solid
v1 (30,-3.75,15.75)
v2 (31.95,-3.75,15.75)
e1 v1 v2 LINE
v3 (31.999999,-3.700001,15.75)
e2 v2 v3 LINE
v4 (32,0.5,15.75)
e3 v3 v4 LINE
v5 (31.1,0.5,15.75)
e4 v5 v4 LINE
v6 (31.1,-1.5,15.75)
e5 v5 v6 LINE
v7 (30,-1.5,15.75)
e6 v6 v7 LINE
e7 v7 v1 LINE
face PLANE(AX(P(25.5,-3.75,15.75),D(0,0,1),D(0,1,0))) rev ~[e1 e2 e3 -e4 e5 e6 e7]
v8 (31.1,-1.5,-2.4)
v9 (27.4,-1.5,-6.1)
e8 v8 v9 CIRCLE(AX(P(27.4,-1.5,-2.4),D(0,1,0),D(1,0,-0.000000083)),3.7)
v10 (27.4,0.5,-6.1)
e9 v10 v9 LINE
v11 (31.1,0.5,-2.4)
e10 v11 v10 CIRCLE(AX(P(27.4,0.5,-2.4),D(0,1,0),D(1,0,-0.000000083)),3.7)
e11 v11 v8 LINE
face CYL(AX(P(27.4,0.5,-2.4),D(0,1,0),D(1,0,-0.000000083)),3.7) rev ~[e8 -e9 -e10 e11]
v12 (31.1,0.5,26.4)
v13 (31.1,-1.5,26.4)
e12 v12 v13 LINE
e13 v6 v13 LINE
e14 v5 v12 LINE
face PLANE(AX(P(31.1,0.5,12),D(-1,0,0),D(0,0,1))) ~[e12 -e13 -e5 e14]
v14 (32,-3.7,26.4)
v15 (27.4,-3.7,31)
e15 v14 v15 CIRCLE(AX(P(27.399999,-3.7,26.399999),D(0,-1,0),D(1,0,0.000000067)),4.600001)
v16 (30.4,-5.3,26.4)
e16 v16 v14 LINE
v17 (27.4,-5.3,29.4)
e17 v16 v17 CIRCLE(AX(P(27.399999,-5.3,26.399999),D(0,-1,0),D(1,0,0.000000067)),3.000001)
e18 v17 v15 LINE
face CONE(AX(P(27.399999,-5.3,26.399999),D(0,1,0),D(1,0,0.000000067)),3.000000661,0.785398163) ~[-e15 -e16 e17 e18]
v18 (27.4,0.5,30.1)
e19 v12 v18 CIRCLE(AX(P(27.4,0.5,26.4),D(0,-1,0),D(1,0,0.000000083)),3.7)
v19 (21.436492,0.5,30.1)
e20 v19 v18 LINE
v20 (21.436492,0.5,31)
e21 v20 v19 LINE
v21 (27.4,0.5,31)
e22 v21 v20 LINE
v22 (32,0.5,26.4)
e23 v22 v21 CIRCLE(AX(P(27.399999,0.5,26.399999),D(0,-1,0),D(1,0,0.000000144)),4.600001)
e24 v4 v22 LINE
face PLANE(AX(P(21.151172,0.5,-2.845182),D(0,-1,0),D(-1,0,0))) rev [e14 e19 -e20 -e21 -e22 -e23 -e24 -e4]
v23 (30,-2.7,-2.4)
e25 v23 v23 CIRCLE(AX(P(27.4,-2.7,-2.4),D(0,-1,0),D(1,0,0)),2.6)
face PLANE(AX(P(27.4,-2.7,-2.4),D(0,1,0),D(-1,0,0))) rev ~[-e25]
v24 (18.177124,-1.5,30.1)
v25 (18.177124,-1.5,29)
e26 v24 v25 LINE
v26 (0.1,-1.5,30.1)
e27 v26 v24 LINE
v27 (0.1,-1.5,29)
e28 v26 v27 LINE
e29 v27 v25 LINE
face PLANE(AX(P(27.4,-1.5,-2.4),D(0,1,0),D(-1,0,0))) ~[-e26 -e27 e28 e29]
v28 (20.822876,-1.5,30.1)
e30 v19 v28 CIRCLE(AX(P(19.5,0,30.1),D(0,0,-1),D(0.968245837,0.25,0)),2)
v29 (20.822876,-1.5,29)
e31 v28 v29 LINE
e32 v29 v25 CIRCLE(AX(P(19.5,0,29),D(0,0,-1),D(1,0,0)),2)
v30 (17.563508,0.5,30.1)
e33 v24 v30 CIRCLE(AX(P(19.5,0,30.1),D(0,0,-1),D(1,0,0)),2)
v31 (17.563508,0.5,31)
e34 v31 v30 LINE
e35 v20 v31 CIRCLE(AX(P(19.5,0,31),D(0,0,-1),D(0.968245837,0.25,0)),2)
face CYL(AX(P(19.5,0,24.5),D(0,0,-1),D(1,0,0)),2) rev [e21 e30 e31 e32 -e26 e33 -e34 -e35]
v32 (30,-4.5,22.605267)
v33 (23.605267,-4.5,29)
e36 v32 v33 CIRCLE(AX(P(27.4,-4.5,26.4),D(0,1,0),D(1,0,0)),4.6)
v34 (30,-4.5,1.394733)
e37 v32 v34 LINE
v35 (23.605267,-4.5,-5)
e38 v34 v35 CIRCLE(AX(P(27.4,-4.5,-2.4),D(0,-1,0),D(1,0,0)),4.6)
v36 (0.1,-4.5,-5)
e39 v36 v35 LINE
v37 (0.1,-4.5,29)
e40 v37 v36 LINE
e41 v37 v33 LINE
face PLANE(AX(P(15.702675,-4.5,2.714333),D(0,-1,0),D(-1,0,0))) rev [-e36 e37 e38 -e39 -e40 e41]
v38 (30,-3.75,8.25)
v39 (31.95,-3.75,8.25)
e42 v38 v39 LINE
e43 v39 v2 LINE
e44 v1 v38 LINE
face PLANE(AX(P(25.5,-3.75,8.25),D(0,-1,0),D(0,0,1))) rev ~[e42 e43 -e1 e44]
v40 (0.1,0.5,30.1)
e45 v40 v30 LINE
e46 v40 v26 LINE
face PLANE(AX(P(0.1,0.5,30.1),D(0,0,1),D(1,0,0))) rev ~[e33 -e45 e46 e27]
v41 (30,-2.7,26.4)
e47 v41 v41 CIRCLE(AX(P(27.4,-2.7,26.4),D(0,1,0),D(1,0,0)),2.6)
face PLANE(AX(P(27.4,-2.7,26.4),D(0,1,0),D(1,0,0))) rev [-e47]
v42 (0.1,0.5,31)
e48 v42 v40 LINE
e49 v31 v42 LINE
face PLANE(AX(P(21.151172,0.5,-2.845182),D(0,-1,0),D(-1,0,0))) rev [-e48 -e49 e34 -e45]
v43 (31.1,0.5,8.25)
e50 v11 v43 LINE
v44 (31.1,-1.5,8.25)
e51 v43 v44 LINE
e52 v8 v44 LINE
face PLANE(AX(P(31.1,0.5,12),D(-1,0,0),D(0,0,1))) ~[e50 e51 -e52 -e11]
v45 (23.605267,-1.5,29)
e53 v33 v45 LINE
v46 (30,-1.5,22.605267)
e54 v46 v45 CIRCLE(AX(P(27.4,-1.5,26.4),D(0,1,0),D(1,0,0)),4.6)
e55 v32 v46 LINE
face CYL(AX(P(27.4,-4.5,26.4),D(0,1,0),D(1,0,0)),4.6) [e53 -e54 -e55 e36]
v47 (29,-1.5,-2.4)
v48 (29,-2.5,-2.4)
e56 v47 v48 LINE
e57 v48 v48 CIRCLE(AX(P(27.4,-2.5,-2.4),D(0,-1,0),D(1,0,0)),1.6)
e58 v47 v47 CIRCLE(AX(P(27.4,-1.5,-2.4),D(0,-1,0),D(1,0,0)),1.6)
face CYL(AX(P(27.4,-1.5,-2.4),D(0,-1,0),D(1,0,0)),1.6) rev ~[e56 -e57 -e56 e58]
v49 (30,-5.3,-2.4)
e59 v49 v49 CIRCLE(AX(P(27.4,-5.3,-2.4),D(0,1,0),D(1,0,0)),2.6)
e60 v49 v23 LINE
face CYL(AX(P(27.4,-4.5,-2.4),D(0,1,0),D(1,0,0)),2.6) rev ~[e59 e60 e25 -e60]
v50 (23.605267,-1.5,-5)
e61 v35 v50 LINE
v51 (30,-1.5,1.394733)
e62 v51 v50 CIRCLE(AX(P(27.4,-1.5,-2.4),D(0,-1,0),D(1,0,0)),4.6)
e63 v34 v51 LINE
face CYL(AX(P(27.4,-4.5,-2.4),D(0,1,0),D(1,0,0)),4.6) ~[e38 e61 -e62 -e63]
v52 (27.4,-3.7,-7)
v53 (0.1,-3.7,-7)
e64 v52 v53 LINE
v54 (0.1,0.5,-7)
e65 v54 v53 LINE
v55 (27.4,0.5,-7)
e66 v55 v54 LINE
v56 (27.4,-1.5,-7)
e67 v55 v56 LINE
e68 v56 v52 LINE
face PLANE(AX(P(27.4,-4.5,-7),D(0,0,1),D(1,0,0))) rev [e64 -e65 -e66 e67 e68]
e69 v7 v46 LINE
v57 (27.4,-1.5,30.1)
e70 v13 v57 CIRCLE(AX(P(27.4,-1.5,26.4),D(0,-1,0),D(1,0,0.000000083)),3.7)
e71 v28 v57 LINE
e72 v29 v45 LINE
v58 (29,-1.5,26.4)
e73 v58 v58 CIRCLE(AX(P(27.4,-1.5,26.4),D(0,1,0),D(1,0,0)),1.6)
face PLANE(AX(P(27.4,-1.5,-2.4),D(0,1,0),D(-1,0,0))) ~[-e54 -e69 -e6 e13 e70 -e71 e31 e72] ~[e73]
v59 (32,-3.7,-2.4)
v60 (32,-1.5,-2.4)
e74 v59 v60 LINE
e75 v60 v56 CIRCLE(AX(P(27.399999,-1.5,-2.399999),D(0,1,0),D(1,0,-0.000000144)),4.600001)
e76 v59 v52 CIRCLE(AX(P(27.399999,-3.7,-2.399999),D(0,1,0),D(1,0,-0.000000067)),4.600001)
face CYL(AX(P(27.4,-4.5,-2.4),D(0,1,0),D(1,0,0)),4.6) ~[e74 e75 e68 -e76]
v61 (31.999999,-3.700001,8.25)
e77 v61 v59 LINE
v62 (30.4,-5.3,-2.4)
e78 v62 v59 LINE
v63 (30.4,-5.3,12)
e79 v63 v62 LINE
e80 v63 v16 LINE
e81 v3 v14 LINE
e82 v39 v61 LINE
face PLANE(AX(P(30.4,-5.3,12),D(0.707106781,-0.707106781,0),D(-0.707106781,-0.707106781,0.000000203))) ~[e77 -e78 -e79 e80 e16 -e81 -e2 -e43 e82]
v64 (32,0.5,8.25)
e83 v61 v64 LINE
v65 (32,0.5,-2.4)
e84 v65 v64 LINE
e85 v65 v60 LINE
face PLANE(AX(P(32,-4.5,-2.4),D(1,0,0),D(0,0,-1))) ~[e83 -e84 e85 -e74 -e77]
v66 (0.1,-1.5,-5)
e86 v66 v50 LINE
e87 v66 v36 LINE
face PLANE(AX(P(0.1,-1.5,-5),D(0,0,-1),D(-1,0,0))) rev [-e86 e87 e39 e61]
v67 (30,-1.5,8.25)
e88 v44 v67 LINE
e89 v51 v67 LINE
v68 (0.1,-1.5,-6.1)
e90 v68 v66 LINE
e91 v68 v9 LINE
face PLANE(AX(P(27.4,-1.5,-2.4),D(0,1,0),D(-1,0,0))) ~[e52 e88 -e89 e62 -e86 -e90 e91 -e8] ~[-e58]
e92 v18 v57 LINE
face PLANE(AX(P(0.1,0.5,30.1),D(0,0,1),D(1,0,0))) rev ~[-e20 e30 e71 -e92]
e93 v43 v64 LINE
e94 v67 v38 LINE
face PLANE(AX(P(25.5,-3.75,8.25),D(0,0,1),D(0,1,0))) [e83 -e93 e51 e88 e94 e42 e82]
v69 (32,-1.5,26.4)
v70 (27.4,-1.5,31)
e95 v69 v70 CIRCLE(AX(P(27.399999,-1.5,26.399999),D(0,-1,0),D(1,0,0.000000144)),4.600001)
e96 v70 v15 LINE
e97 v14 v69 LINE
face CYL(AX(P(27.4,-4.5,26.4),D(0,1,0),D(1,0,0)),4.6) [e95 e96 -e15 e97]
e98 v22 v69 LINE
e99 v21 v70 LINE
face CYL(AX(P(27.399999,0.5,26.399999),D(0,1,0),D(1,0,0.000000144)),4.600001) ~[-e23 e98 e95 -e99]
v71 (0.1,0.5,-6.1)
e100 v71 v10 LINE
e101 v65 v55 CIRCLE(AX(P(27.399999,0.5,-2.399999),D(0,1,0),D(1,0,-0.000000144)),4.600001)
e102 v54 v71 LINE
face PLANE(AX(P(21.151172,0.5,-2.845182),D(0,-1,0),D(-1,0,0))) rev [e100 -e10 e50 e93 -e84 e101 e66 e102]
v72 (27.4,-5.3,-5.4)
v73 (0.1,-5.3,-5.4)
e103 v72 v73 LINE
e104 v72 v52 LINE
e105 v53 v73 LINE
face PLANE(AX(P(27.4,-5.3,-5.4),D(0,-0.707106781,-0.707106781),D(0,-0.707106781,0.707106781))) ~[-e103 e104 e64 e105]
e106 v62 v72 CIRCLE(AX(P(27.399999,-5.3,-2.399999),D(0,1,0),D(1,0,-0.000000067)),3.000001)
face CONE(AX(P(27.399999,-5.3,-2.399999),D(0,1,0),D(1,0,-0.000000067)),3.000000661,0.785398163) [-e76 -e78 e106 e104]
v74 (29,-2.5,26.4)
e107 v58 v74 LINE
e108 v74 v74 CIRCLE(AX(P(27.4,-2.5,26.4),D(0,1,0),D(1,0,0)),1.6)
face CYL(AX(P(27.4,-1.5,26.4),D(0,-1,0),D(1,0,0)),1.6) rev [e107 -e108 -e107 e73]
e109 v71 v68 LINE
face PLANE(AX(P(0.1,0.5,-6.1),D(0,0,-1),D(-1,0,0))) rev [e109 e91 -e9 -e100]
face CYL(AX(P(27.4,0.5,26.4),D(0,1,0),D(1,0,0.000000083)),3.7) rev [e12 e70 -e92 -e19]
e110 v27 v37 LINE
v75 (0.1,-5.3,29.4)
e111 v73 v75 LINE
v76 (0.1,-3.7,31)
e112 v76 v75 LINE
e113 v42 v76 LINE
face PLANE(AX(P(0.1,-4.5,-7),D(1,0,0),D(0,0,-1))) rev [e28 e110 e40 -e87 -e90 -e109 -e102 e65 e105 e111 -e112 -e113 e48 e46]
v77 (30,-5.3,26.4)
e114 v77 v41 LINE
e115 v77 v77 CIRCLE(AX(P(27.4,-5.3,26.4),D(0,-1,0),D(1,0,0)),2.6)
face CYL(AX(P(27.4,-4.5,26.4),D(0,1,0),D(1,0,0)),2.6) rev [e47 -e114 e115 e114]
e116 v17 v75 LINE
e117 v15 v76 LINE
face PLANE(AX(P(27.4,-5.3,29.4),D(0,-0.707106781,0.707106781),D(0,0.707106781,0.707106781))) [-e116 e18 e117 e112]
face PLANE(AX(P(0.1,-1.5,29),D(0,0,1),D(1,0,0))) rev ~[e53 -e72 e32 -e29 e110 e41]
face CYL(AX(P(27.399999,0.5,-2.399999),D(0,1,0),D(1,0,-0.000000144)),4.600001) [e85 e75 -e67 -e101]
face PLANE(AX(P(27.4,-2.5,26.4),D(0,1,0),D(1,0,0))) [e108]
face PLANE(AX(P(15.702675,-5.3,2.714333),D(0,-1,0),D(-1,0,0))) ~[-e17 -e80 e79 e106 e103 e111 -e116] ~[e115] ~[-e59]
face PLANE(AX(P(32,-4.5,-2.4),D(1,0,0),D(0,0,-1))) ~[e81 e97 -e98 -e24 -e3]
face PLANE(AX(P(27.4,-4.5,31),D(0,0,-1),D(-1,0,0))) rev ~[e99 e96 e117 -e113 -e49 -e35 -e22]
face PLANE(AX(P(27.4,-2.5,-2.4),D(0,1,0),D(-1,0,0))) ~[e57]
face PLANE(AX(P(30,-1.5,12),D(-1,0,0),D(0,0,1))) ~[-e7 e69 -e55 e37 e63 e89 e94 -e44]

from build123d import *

# Parameters (mm, degrees)
CYLINDER003_R     = 2
CYLINDER003_DEPTH = 10
CYLINDER001_R     = 2
CYLINDER001_DEPTH = 10
SKETCH037_W       = 7.5
SKETCH037_H       = 7.5
EXTRUDE045_DEPTH  = 10
SKETCH032_R       = 2.6
EXTRUDE043_DEPTH  = 0.8
EXTRUDE050_DEPTH  = 3
EXTRUDE051_DEPTH  = 0.8
EXTRUDE038_DEPTH  = 2


with BuildPart() as shutter_cable001:
    # Cylinder003 → Cylinder003 (new body)
    with BuildSketch(Plane(origin=(19.5, 0, 24.5), x_dir=(1, 0, 0), z_dir=(0, 0, 1))):
        Circle(CYLINDER003_R)
    extrude(amount=CYLINDER003_DEPTH)


with BuildPart() as battery_cable:
    # Cylinder001 → Cylinder001 (new body)
    with BuildSketch(Plane(origin=(-70.5, 0, 12), x_dir=(0, 0, 1), z_dir=(-1, 0, 0))):
        Circle(CYLINDER001_R)
    extrude(amount=CYLINDER001_DEPTH)


with BuildPart() as common_sub:
    # Sketch037 → Extrude045 (new body)
    with BuildSketch(Plane.YZ.offset(35)):
        with Locations((0, 12)):
            Rectangle(SKETCH037_W, SKETCH037_H)
    extrude(amount=EXTRUDE045_DEPTH)


with BuildPart() as common_sub_1:
    # Extrude045 placement: moved
    add(common_sub.part.moved(Location((-9.5, 0, 0))))

    # Fusion033: union shutter cable001, battery cable
    add(shutter_cable001.part)
    add(battery_cable.part)


with BuildPart() as sweep_body:
    # Sweep: sweep along a path in Sketch034
    with BuildLine(Plane.XZ.offset(10)) as sweep_path:
        Line((32, 12), (32, 26.4))
        ThreePointArc((32, 26.4), (30.652691, 29.652691), (27.4, 31))
        Line((27.4, 31), (-39.9, 31))
    # Sketch033 → Sweep (sweep)
    with BuildSketch(Plane.YZ):
        Polygon((-5.3, 29.4), (-3.7, 31), (-3.7, 32), (-6, 32), (-6, 29.4), align=None)
    sweep(path=sweep_path.line)


with BuildPart() as fusion:
    # Sketch032 → Extrude043 (new body)
    with BuildSketch(Plane.XZ.offset(10)):
        with Locations((27.4, 26.4)):
            Circle(SKETCH032_R)
    extrude(amount=EXTRUDE043_DEPTH)


with BuildPart() as fusion_1:
    # Extrude043 placement: moved
    add(fusion.part.moved(Location((0, 5.5, 0))))

    # Fusion: union Sweep body
    add(sweep_body.part)


with BuildPart() as screw_hole_bottom002:
    # Sketch003 → Revolve (revolve)
    with BuildSketch(Plane.XY):
        Polygon((1.6, 3), (1.6, 2), (0, 2), (0, 1.8), (2.6, 1.8), (2.6, 0), (4.6, 0), (4.6, 3), align=None)
    revolve(axis=Axis((0, 0, 0), (0, 1, 0)))


with BuildPart() as screw_hole_bottom002_1:
    # Body003 placement: moved
    add(screw_hole_bottom002.part.moved(Location((27.4, -4.5, 26.4))))


with BuildPart() as bottom009:
    # Sketch041 → Extrude050 (new body)
    with BuildSketch(Plane.XZ.offset(10)):
        with BuildLine():
            ThreePointArc((32, 26.4), (30.652691, 29.652691), (27.4, 31))
            Line((27.4, 31), (0.1, 31))
            Line((0.1, 31), (0.1, 29))
            Line((0.1, 29), (27.4, 29))
            ThreePointArc((30, 26.4), (29.238478, 28.238478), (27.4, 29))
            Line((30, 12), (30, 26.4))
            Line((32, 12), (30, 12))
            Line((32, 26.4), (32, 12))
        make_face()
    extrude(amount=EXTRUDE050_DEPTH)


with BuildPart() as bottom009_1:
    # Extrude050 placement: moved
    add(bottom009.part.moved(Location((0, 8.5, 0))))


with BuildPart() as bottom010:
    # Sketch042 → Extrude051 (new body)
    with BuildSketch(Plane.XZ.offset(10)):
        with BuildLine():
            ThreePointArc((32, 26.4), (30.652691, 29.652691), (27.4, 31))
            Line((27.4, 31), (0.1, 31))
            Line((0.1, 31), (0.1, 12))
            Line((0.1, 12), (32, 12))
            Line((32, 26.4), (32, 12))
        make_face()
    extrude(amount=EXTRUDE051_DEPTH)


with BuildPart() as bottom010_1:
    # Extrude051 placement: moved
    add(bottom010.part.moved(Location((0, 5.5, 0))))


with BuildPart() as bottom:
    # Sketch030 → Extrude038 (new body)
    with BuildSketch(Plane.XZ.offset(10)):
        with BuildLine():
            ThreePointArc((32, 26.4), (30.652691, 29.652691), (27.4, 31))
            Line((27.4, 31), (0.1, 31))
            Line((0.1, 31), (0.1, 30.1))
            Line((0.1, 30.1), (27.4, 30.1))
            ThreePointArc((31.1, 26.4), (30.016295, 29.016295), (27.4, 30.1))
            Line((31.1, 12), (31.1, 26.4))
            Line((32, 12), (31.1, 12))
            Line((32, 26.4), (32, 12))
        make_face()
    extrude(amount=EXTRUDE038_DEPTH)


with BuildPart() as bottom_1:
    # Extrude038 placement: moved
    add(bottom.part.moved(Location((0, 10.5, 0))))

    # Fusion029: union screw hole bottom002, bottom009, bottom010
    add(screw_hole_bottom002_1.part)
    add(bottom009_1.part)
    add(bottom010_1.part)

    # Cut: cut Fusion
    add(fusion_1.part, mode=Mode.SUBTRACT)


with BuildPart() as part_mirroring004:
    # Part__Mirroring004: instance of bottom
    add(bottom_1.part.mirror(Plane(origin=(0, 0, 12), x_dir=(0, 1, 0), z_dir=(0, 0, 1))))


with BuildPart() as bottom007:
    # Fusion031 base: copy of bottom
    add(bottom_1.part)

    # Fusion031: union Part__Mirroring004
    add(part_mirroring004.part)

    # Cut026: cut common sub
    add(common_sub_1.part, mode=Mode.SUBTRACT)


solid = bottom007.part
